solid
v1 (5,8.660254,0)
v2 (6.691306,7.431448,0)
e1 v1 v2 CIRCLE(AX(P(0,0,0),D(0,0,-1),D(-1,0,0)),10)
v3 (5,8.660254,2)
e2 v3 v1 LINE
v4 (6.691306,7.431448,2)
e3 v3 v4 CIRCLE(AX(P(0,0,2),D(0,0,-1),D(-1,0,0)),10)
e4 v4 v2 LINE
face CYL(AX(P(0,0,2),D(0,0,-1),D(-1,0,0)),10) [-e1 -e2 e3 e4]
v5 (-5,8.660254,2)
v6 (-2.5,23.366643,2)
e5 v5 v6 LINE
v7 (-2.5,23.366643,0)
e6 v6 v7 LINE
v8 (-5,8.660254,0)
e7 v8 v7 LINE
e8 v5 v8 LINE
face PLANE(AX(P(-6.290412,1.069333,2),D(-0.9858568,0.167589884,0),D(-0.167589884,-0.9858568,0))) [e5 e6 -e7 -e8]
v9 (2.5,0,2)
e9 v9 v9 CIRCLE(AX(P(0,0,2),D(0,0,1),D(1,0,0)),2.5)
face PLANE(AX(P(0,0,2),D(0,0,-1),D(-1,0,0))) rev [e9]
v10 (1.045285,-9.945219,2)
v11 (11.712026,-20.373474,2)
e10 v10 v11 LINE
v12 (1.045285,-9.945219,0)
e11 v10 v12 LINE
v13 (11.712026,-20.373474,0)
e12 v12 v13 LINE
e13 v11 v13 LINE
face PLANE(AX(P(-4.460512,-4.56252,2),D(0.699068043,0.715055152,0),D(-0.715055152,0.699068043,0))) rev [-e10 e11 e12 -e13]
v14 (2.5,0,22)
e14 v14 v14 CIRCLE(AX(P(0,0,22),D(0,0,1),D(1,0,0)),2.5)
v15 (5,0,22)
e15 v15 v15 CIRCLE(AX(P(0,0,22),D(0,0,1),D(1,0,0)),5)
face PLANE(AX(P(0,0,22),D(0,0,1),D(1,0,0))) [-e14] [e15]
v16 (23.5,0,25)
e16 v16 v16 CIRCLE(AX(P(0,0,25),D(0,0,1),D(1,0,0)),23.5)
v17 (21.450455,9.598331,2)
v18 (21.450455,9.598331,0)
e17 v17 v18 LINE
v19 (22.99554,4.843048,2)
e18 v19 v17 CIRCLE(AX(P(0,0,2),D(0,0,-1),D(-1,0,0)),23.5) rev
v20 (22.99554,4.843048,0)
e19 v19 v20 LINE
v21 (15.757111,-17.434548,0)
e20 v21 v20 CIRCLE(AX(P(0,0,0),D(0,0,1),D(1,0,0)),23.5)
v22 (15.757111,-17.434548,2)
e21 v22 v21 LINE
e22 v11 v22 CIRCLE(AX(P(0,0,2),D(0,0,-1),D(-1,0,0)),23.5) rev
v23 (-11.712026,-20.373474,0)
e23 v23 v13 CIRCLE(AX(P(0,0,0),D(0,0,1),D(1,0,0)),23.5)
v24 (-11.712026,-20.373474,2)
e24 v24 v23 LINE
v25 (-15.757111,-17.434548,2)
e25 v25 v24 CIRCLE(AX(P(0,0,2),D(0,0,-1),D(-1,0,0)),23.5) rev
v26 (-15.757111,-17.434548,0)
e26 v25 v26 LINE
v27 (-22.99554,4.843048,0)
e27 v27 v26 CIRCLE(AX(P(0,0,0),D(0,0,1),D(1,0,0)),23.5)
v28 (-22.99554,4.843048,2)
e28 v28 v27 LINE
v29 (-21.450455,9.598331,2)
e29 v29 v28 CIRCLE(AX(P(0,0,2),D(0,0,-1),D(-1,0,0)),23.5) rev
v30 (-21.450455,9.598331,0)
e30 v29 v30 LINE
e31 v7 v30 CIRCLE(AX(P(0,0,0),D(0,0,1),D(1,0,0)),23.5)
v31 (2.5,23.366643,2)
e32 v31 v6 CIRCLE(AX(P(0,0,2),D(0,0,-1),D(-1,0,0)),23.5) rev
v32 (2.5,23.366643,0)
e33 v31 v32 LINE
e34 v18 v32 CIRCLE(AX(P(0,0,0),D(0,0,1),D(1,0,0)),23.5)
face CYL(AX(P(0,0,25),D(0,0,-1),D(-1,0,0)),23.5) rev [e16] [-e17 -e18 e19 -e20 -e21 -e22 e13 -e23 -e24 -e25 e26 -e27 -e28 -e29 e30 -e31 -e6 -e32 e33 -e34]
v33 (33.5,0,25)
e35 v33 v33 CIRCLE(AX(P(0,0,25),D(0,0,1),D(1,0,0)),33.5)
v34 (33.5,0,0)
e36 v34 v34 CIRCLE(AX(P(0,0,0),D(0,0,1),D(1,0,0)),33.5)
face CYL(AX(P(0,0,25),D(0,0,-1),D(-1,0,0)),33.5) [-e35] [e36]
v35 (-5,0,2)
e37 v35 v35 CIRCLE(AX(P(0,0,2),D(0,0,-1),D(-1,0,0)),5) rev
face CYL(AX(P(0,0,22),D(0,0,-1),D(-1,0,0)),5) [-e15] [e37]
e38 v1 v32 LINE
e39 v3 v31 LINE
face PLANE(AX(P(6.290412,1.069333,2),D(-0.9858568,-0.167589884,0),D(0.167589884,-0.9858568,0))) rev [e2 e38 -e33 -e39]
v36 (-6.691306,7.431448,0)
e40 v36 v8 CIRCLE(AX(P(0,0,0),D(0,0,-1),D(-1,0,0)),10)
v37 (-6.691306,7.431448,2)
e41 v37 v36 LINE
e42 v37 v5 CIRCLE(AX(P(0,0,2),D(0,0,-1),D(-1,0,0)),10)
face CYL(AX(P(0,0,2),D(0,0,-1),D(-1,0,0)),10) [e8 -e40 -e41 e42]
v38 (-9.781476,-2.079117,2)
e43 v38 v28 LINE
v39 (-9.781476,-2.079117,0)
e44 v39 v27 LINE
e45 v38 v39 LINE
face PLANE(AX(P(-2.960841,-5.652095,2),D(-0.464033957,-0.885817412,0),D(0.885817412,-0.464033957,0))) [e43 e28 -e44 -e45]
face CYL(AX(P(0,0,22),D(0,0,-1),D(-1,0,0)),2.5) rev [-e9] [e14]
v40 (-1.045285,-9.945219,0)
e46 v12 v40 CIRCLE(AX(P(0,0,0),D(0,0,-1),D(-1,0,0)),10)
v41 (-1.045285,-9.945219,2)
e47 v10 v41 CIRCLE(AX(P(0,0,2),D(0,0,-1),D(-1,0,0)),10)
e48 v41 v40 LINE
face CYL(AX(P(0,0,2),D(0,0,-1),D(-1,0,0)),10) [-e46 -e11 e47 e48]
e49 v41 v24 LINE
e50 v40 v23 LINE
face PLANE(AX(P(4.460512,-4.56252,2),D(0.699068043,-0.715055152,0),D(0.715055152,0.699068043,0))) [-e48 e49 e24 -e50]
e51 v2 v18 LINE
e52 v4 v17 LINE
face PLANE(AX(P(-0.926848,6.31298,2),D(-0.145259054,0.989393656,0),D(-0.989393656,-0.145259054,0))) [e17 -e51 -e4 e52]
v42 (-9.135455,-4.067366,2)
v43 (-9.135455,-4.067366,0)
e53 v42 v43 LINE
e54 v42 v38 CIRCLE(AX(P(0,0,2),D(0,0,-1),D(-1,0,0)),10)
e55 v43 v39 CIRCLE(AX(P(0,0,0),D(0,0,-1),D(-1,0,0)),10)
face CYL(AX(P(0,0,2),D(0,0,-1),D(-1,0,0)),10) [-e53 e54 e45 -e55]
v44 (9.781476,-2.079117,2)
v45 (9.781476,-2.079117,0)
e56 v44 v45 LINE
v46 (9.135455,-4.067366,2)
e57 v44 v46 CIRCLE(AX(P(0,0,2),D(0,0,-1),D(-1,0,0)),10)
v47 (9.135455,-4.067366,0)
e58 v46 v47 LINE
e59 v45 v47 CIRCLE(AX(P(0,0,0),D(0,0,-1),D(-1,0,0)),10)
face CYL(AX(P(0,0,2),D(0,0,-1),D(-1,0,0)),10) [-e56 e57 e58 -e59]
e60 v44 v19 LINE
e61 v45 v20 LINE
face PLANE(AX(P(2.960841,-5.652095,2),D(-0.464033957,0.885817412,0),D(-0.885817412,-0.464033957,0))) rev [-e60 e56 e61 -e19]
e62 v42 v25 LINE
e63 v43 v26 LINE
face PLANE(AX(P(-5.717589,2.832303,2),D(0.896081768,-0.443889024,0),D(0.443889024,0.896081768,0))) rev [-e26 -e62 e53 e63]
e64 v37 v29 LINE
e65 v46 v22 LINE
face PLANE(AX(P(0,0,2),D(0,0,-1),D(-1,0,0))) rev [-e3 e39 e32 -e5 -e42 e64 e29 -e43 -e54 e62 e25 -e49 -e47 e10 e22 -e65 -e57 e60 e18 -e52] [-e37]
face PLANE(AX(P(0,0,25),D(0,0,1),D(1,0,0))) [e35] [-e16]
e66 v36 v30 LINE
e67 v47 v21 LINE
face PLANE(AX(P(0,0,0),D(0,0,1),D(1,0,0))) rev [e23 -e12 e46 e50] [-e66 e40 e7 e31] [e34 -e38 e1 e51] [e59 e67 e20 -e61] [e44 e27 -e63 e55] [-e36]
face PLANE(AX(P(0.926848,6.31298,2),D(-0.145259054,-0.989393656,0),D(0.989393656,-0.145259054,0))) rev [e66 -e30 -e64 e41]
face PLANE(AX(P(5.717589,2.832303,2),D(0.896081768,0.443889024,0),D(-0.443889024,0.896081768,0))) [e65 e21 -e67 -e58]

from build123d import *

# Parameters (mm, degrees)
SKETCH_1_R      = 33.5
SKETCH_1_R_2    = 23.5
EXTRUDE_1_DEPTH = 25
SKETCH_2_R      = 10
EXTRUDE_2_DEPTH = 2
SKETCH_3_R      = 5
SKETCH_3_R_2    = 2.5
EXTRUDE_3_DEPTH = 20


with BuildPart() as part:
    # 草圖1 → 填料-伸長1 (new body)
    with BuildSketch(Plane.XY):
        Circle(SKETCH_1_R)
        Circle(SKETCH_1_R_2, mode=Mode.SUBTRACT)
    extrude(amount=EXTRUDE_1_DEPTH)

    # 草圖2 → 填料-伸長2 (add)
    with BuildSketch(Plane(origin=(0, 0, 0), x_dir=(-1, 0, 0), z_dir=(0, 0, -1))):
        with BuildLine():
            ThreePointArc((-5, 8.660254038), (-2.588190451, 9.659258263), (0, 10))
            Line((0, 10), (0, 23.5))
            ThreePointArc((0, 23.5), (-1.251777149, 23.46663704), (-2.5, 23.366642891))
            Line((-2.5, 23.366642891), (-5, 8.660254038))
        make_face()
        with BuildLine():
            Line((0, 23.5), (0, 10))
            ThreePointArc((0, 10), (2.588190451, 9.659258263), (5, 8.660254038))
            Line((5, 8.660254038), (2.5, 23.366642891))
            ThreePointArc((2.5, 23.366642891), (1.251777149, 23.46663704), (0, 23.5))
        make_face()
        Circle(SKETCH_2_R)
        with BuildLine():
            ThreePointArc((-9.781476007, -2.079116908), (-9.510565163, 3.090169944), (-6.691306064, 7.431448255))
            Line((-6.691306064, 7.431448255), (-21.4504555, 9.598331046))
            ThreePointArc((-21.4504555, 9.598331046), (-22.349828133, 7.261899368), (-22.995540471, 4.843048464))
            Line((-22.995540471, 4.843048464), (-9.781476007, -2.079116908))
        make_face()
        with BuildLine():
            ThreePointArc((-1.045284633, -9.945218954), (-5.877852523, -8.090169944), (-9.135454576, -4.067366431))
            Line((-9.135454576, -4.067366431), (-15.757110573, -17.43454807))
            ThreePointArc((-15.757110573, -17.43454807), (-13.812953429, -19.011899368), (-11.712025601, -20.373474331))
            Line((-11.712025601, -20.373474331), (-1.045284633, -9.945218954))
        make_face()
        with BuildLine():
            Line((15.757110573, -17.43454807), (9.135454576, -4.067366431))
            ThreePointArc((9.135454576, -4.067366431), (5.877852523, -8.090169944), (1.045284633, -9.945218954))
            Line((1.045284633, -9.945218954), (11.712025601, -20.373474331))
            ThreePointArc((11.712025601, -20.373474331), (13.812953429, -19.011899368), (15.757110573, -17.43454807))
        make_face()
        with BuildLine():
            Line((21.4504555, 9.598331046), (6.691306064, 7.431448255))
            ThreePointArc((6.691306064, 7.431448255), (9.135454576, 4.067366431), (10, 0))
            ThreePointArc((10, 0), (9.945218954, -1.045284633), (9.781476007, -2.079116908))
            Line((9.781476007, -2.079116908), (22.995540471, 4.843048464))
            ThreePointArc((22.995540471, 4.843048464), (22.349828133, 7.261899368), (21.4504555, 9.598331046))
        make_face()
    extrude(amount=-EXTRUDE_2_DEPTH)

    # 草圖3 → 填料-伸長3 (add)
    with BuildSketch(Plane.XY.offset(2)):
        with Locations(Location((0, 0, 0), (0, 0, 180))):
            Circle(SKETCH_3_R)
        Circle(SKETCH_3_R_2, mode=Mode.SUBTRACT)
    extrude(amount=EXTRUDE_3_DEPTH)


solid = part.part
